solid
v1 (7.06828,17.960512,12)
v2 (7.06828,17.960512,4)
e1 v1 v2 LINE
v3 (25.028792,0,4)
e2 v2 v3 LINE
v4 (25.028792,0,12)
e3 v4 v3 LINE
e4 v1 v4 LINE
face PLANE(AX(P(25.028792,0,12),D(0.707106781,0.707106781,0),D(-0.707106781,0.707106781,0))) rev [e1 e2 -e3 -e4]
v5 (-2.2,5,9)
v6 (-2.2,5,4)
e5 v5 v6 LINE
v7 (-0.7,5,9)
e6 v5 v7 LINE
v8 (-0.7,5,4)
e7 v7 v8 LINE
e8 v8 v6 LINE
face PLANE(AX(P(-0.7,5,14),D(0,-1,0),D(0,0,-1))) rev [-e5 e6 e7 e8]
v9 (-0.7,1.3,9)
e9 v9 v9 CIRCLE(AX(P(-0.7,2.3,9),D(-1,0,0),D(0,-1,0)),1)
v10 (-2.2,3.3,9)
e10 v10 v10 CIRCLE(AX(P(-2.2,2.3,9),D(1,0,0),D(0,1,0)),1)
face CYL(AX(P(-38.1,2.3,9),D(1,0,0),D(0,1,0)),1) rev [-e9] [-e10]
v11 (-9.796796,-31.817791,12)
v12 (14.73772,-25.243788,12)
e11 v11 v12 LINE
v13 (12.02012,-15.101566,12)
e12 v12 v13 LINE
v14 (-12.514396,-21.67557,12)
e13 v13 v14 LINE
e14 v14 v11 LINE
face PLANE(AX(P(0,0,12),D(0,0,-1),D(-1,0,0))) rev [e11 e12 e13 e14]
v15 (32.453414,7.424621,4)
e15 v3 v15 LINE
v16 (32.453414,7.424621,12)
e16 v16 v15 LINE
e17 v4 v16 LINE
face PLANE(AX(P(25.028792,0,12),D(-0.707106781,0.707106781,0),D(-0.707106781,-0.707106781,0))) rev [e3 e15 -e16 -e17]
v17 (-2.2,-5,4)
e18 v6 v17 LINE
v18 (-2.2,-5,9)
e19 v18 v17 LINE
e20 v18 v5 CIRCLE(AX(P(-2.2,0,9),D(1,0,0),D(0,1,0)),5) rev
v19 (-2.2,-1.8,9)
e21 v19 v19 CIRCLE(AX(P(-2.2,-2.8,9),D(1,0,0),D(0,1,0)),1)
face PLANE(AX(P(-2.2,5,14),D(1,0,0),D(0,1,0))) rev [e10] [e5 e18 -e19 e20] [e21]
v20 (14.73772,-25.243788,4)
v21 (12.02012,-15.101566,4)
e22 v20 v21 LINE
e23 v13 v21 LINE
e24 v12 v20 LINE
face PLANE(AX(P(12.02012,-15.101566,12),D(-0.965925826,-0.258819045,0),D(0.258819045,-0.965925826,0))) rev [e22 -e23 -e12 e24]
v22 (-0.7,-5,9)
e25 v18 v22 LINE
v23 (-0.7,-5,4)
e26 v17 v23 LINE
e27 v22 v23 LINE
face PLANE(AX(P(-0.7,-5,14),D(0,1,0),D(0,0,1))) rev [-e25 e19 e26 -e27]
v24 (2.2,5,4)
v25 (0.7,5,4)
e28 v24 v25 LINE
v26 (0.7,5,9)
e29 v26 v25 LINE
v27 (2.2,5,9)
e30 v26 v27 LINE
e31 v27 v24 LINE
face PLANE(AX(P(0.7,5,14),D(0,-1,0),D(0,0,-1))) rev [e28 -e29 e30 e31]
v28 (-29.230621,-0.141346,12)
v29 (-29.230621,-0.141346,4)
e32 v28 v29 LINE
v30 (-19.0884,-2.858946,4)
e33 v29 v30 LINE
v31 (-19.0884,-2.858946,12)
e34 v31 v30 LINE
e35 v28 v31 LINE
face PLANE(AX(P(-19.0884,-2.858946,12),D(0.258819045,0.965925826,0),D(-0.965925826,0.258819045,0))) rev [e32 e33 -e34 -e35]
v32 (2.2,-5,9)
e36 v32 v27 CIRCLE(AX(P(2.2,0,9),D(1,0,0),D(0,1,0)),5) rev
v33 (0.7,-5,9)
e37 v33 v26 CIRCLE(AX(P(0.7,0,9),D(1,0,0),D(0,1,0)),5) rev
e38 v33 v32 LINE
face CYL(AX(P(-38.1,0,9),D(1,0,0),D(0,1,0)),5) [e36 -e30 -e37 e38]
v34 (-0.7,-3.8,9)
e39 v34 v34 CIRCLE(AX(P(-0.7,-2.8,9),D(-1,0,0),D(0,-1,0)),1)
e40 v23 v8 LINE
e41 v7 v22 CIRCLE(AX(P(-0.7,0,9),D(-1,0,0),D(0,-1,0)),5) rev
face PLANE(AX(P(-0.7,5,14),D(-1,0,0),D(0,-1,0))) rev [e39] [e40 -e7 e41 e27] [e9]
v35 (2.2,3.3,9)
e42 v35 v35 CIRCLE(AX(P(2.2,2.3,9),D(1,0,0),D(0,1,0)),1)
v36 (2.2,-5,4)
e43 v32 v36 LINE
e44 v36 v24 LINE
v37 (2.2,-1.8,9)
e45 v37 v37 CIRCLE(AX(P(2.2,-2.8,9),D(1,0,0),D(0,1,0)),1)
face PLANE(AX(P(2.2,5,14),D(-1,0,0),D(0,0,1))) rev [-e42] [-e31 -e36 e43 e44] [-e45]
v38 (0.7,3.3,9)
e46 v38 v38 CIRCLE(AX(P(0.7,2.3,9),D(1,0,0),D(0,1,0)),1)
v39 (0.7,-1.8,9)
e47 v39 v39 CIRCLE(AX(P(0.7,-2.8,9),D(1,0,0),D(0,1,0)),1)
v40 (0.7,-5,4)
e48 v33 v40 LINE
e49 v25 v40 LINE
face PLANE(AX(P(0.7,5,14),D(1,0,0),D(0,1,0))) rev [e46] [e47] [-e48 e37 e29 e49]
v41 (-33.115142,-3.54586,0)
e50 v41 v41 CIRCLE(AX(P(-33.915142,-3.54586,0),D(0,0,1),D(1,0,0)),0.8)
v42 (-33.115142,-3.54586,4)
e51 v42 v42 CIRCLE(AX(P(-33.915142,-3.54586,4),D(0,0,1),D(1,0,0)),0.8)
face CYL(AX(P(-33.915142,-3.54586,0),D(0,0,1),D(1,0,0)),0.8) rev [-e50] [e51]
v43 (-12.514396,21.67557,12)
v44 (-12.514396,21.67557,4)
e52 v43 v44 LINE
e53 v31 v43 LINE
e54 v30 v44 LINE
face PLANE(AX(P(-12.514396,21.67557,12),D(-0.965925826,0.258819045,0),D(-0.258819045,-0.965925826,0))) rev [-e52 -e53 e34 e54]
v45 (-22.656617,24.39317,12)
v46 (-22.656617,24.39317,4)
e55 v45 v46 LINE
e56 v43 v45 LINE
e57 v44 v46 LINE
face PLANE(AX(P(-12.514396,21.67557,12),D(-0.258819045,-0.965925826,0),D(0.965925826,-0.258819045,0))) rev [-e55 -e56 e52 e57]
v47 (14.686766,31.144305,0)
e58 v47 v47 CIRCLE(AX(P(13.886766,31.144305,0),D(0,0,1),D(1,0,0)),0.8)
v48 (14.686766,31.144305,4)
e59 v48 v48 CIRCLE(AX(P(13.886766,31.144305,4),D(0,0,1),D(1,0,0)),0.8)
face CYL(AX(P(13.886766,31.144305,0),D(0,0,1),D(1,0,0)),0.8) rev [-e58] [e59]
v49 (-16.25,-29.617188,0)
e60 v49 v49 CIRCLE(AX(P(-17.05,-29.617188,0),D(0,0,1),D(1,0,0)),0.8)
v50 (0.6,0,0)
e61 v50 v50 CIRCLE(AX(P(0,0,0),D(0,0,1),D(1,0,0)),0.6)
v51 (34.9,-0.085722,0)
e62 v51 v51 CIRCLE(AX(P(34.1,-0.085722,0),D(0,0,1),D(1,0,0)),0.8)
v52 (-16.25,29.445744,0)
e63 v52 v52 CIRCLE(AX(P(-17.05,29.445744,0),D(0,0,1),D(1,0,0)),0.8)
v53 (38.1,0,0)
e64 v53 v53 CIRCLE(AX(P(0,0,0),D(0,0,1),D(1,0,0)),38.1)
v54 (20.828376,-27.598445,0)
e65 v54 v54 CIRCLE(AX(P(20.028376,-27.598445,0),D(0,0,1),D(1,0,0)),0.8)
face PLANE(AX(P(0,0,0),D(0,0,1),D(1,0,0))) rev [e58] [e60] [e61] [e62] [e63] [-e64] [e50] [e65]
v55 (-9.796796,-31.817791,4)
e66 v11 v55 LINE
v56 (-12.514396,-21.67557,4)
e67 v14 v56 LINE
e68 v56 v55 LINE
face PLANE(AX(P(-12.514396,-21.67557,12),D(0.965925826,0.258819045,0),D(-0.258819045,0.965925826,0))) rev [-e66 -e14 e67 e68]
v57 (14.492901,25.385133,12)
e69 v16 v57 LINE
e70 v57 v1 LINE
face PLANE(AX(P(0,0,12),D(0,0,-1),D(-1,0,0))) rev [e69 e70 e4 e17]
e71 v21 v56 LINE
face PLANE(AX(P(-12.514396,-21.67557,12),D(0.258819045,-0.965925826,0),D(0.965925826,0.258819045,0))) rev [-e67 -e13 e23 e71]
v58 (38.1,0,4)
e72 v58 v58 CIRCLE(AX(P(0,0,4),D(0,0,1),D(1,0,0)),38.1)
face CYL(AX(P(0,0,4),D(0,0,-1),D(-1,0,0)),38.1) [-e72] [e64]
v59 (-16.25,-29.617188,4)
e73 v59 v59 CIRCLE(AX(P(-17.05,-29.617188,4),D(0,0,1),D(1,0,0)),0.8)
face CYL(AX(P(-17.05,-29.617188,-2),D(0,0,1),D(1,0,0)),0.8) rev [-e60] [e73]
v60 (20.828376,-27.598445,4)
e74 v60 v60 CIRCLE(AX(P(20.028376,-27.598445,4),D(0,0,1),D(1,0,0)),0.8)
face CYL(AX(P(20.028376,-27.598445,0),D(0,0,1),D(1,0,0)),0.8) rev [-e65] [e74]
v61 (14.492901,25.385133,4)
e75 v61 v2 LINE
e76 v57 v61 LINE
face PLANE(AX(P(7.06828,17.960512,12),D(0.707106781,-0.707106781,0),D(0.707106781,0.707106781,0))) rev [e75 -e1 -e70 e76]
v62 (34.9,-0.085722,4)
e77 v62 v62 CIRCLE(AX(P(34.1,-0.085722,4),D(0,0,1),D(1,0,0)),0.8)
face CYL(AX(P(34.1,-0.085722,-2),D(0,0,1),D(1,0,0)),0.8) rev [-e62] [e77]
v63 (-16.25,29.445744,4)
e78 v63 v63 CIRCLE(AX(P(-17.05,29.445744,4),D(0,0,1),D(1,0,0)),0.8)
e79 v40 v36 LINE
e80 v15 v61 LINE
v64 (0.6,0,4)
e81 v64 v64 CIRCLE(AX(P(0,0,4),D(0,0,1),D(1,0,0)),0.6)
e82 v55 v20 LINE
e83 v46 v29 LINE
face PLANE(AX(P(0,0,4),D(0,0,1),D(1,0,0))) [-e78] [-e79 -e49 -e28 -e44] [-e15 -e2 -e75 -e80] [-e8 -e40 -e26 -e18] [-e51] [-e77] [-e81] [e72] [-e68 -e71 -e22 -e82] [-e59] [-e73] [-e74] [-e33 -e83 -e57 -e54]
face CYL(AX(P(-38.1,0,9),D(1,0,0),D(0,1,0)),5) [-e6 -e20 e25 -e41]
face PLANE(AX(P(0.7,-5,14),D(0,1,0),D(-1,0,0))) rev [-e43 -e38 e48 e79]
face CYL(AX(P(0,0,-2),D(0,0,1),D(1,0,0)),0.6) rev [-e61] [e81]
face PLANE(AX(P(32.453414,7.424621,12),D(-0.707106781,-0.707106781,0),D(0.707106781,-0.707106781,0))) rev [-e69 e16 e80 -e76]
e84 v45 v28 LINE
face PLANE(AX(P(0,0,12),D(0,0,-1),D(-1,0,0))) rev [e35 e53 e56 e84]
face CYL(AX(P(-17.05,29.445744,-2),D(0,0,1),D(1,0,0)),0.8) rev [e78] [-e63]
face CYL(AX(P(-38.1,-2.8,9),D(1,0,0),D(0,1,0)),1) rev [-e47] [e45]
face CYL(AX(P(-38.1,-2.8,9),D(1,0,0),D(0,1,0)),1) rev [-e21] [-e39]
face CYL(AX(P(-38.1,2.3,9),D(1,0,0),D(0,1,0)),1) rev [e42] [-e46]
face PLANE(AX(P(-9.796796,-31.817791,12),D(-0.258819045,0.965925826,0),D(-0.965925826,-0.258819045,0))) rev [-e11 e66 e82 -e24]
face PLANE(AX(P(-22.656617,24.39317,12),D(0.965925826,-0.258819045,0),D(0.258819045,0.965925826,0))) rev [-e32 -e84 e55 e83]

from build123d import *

# Parameters (mm, degrees)
SKETCH2_R           = 38.1
BOSS_EXTRUDE1_DEPTH = 4
SKETCH3_R           = 0.8
CUT_EXTRUDE1_DEPTH  = 6
SKETCH4_R           = 0.6
CUT_EXTRUDE2_DEPTH  = 6
SKETCH5_W           = 1.5
SKETCH5_H           = 10
BOSS_EXTRUDE2_DEPTH = 10
CUT_EXTRUDE3_DEPTH  = 58.198776211
SKETCH7_R           = 1
CUT_EXTRUDE4_DEPTH  = 58.198776211
BOSS_EXTRUDE3_DEPTH = 8
SKETCH10_R          = 0.8
CUT_EXTRUDE5_DEPTH  = 55.801642311


with BuildPart() as part:
    # Sketch2 → Boss-Extrude1 (new body)
    with BuildSketch(Plane.XY):
        Circle(SKETCH2_R)
    extrude(amount=BOSS_EXTRUDE1_DEPTH)

    # Sketch3 → Cut-Extrude1 (cut)
    with BuildSketch(Plane.XY.offset(4)):
        with Locations((34.1, -0.085721815)):
            Circle(SKETCH3_R)
        with Locations((-17.05, -29.617188084)):
            Circle(SKETCH3_R)
        with Locations((-17.05, 29.445744454)):
            Circle(SKETCH3_R)
    extrude(amount=-CUT_EXTRUDE1_DEPTH, mode=Mode.SUBTRACT)

    # Sketch4 → Cut-Extrude2 (cut)
    with BuildSketch(Plane.XY.offset(4)):
        Circle(SKETCH4_R)
    extrude(amount=-CUT_EXTRUDE2_DEPTH, mode=Mode.SUBTRACT)

    # Sketch5 → Boss-Extrude2 (add)
    with BuildSketch(Plane.XY.offset(4)):
        with Locations((1.45, 0)):
            Rectangle(SKETCH5_W, SKETCH5_H)
        with Locations((-1.45, 0)):
            Rectangle(SKETCH5_W, SKETCH5_H)
    extrude(amount=BOSS_EXTRUDE2_DEPTH)

    # Sketch6 → Cut-Extrude3 (cut, through all)
    with BuildSketch(Plane(origin=(2.2, 0, 0), x_dir=(0, 0, -1), z_dir=(1, 0, 0))):
        with BuildLine():
            ThreePointArc((-14, 0), (-12.535533906, 3.535533906), (-9, 5))
            Line((-9, 5), (-14, 5))
            Line((-14, 5), (-14, 0))
        make_face()
        with BuildLine():
            ThreePointArc((-9, -5), (-12.535533906, -3.535533906), (-14, 0))
            Line((-14, 0), (-14, -5))
            Line((-14, -5), (-9, -5))
        make_face()
    extrude(amount=-CUT_EXTRUDE3_DEPTH, mode=Mode.SUBTRACT)

    # Sketch7 → Cut-Extrude4 (cut, through all)
    with BuildSketch(Plane(origin=(2.2, 0, 0), x_dir=(0, 0, -1), z_dir=(1, 0, 0))):
        with Locations(Location((-9, 2.3, 0), (0, 0, 90))):
            Circle(SKETCH7_R)
        with Locations(Location((-9, -2.8, 0), (0, 0, 90))):
            Circle(SKETCH7_R)
    extrude(amount=-CUT_EXTRUDE4_DEPTH, mode=Mode.SUBTRACT)

    # Sketch8 → Boss-Extrude3 (add)
    with BuildSketch(Plane.XY.offset(4)):
        Polygon((25.028792455, 0), (32.453413657, 7.424621202), (14.492901415, 25.385133445), (7.068280213, 17.960512242), align=None)
        Polygon((12.02011976, -15.101566346), (14.737719734, -25.243787522), (-9.796796254, -31.817791268), (-12.514396227, -21.675570092), align=None)
        Polygon((-19.088399973, -2.858945896), (-29.230621149, -0.141345922), (-22.656617403, 24.393170065), (-12.514396227, 21.675570092), align=None)
    extrude(amount=BOSS_EXTRUDE3_DEPTH)

    # Sketch10 → Cut-Extrude5 (cut, through all)
    with BuildSketch(Plane.XY.offset(4)):
        with Locations((13.886765868, 31.144304997)):
            Circle(SKETCH10_R)
        with Locations((20.028376376, -27.598444517)):
            Circle(SKETCH10_R)
        with Locations((-33.915142244, -3.54586048)):
            Circle(SKETCH10_R)
    extrude(amount=-CUT_EXTRUDE5_DEPTH, mode=Mode.SUBTRACT)


solid = part.part
